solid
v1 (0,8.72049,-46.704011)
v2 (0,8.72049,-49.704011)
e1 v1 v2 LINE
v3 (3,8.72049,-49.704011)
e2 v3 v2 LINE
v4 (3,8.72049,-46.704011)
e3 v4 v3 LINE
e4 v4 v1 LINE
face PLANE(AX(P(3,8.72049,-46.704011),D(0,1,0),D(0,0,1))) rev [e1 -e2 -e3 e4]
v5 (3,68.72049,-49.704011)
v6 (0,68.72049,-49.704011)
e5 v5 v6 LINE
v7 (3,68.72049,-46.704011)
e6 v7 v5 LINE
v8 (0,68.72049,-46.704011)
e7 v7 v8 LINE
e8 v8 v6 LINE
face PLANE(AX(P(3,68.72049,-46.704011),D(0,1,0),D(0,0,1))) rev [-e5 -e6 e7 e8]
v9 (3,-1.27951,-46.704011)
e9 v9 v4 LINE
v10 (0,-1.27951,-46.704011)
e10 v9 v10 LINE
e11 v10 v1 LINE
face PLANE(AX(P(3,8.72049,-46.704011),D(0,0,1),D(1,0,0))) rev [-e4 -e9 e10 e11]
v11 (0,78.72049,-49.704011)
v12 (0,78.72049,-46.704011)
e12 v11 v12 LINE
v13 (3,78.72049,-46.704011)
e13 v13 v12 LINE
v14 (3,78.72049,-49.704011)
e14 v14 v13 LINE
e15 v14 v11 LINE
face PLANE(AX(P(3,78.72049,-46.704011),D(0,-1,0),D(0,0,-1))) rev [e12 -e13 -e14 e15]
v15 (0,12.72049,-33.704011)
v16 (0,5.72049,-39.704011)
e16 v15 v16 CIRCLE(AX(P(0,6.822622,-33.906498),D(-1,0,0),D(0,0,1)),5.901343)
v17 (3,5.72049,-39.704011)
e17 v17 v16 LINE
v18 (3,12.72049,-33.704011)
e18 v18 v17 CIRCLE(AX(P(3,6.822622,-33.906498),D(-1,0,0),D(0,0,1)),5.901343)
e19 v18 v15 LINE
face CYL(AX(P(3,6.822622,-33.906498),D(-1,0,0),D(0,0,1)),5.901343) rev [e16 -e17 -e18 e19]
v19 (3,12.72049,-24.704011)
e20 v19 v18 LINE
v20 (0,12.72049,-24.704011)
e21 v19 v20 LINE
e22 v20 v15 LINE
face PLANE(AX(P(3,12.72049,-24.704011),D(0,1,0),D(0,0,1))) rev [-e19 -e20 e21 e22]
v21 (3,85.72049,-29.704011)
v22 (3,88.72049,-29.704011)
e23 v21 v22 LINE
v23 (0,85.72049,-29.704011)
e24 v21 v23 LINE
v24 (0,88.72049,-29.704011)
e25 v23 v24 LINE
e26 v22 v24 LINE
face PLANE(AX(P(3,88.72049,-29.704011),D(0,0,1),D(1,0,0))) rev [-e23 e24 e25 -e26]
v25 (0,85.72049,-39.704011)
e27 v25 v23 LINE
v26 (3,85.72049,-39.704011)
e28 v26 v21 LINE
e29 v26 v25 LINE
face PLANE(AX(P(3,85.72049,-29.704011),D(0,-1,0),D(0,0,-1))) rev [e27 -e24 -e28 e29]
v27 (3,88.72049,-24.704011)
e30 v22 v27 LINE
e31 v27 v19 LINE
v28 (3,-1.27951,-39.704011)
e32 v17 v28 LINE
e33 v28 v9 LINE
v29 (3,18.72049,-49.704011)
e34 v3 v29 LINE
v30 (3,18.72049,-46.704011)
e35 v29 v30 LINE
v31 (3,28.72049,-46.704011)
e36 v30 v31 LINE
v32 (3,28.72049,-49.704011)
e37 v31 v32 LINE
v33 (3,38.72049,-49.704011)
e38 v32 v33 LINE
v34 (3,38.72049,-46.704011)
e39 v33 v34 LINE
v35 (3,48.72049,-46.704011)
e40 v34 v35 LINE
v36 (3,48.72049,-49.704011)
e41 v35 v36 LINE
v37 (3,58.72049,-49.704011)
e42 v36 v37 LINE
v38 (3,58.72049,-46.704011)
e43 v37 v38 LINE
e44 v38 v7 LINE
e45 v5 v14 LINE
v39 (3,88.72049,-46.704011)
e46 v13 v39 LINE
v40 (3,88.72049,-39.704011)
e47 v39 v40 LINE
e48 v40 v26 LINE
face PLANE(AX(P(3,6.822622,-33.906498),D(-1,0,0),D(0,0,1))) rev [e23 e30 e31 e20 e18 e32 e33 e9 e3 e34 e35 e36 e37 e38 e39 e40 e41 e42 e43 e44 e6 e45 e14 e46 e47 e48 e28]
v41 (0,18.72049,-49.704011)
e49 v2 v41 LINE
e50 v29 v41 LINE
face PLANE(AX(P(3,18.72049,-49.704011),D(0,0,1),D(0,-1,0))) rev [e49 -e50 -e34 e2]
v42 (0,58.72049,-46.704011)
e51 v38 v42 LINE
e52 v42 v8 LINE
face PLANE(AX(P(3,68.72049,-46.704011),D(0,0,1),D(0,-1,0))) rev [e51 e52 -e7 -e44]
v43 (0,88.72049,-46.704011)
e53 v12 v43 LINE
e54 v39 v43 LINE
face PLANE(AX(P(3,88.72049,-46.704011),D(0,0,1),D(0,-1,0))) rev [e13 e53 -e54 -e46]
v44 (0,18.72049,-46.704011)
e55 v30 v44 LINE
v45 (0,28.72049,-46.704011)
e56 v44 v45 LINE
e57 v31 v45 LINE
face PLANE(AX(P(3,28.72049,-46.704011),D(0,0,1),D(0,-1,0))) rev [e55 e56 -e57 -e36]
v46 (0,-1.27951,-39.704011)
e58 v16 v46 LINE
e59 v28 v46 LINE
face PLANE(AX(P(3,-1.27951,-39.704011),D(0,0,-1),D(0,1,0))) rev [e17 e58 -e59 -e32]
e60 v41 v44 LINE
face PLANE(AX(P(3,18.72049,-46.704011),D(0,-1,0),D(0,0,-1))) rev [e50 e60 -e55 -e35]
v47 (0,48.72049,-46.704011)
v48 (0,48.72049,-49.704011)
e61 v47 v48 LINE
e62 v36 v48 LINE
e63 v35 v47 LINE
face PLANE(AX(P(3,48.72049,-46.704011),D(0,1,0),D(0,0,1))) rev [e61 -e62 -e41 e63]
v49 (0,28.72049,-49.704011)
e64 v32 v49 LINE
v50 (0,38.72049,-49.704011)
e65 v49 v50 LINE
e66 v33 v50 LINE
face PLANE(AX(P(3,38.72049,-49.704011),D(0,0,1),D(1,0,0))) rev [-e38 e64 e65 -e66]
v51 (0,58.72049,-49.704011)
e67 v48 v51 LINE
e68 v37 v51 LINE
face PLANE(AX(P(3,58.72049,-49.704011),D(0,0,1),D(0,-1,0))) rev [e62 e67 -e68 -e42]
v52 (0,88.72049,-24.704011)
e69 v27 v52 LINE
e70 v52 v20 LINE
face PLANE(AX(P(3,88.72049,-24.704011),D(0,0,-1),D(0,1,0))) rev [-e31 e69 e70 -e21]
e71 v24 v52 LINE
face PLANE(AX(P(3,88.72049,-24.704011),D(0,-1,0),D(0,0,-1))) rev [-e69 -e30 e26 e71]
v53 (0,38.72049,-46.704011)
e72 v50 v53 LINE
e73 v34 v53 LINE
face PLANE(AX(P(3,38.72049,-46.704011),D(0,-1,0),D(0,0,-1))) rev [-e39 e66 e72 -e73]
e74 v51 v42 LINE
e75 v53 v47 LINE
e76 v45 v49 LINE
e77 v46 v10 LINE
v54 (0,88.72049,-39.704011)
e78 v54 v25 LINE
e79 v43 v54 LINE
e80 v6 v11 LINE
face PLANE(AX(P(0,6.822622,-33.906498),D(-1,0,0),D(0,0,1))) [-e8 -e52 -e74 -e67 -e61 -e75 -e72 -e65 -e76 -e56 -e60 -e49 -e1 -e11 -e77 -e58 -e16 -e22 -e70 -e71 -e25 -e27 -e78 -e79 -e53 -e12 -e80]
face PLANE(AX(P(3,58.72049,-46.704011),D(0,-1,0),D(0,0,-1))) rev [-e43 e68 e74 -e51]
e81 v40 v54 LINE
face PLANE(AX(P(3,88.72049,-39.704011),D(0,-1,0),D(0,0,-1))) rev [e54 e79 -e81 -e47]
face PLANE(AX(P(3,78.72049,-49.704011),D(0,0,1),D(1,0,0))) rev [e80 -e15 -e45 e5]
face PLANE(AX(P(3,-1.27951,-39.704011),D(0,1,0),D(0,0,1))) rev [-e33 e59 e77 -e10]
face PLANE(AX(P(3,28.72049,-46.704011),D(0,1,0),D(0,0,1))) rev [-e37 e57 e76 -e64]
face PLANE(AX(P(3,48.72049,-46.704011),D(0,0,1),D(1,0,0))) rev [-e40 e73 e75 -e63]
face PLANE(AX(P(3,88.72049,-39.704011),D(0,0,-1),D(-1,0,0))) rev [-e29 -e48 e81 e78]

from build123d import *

# Parameters (mm, degrees)
BOSS_EXTRUDE1_DEPTH = 3


with BuildPart() as part:
    # Sketch1 → Boss-Extrude1 (new body)
    with BuildSketch(Plane(origin=(0, 0, 0), x_dir=(0, 0, -1), z_dir=(1, 0, 0))):
        with BuildLine():
            Line((24.704010852, 12.720489708), (33.704010852, 12.720489708))
            ThreePointArc((33.704010852, 12.720489708), (38.387131684, 10.663164706), (39.704010852, 5.720489708))
            Line((39.704010852, 5.720489708), (39.704010852, -1.279510292))
            Line((39.704010852, -1.279510292), (46.704010852, -1.279510292))
            Line((46.704010852, -1.279510292), (46.704010852, 8.720489708))
            Line((46.704010852, 8.720489708), (49.704010852, 8.720489708))
            Line((49.704010852, 8.720489708), (49.704010852, 18.720489708))
            Line((49.704010852, 18.720489708), (46.704010852, 18.720489708))
            Line((46.704010852, 18.720489708), (46.704010852, 28.720489708))
            Line((46.704010852, 28.720489708), (49.704010852, 28.720489708))
            Line((49.704010852, 28.720489708), (49.704010852, 38.720489708))
            Line((49.704010852, 38.720489708), (46.704010852, 38.720489708))
            Line((46.704010852, 38.720489708), (46.704010852, 48.720489708))
            Line((46.704010852, 48.720489708), (49.704010852, 48.720489708))
            Line((49.704010852, 48.720489708), (49.704010852, 58.720489708))
            Line((49.704010852, 58.720489708), (46.704010852, 58.720489708))
            Line((46.704010852, 58.720489708), (46.704010852, 68.720489708))
            Line((46.704010852, 68.720489708), (49.704010852, 68.720489708))
            Line((49.704010852, 68.720489708), (49.704010852, 78.720489708))
            Line((49.704010852, 78.720489708), (46.704010852, 78.720489708))
            Line((46.704010852, 78.720489708), (46.704010852, 88.720489708))
            Line((46.704010852, 88.720489708), (39.704010852, 88.720489708))
            Line((39.704010852, 88.720489708), (39.704010852, 85.720489708))
            Line((39.704010852, 85.720489708), (29.704010852, 85.720489708))
            Line((29.704010852, 85.720489708), (29.704010852, 88.720489708))
            Line((29.704010852, 88.720489708), (24.704010852, 88.720489708))
            Line((24.704010852, 88.720489708), (24.704010852, 12.720489708))
        make_face()
    extrude(amount=BOSS_EXTRUDE1_DEPTH)


solid = part.part
